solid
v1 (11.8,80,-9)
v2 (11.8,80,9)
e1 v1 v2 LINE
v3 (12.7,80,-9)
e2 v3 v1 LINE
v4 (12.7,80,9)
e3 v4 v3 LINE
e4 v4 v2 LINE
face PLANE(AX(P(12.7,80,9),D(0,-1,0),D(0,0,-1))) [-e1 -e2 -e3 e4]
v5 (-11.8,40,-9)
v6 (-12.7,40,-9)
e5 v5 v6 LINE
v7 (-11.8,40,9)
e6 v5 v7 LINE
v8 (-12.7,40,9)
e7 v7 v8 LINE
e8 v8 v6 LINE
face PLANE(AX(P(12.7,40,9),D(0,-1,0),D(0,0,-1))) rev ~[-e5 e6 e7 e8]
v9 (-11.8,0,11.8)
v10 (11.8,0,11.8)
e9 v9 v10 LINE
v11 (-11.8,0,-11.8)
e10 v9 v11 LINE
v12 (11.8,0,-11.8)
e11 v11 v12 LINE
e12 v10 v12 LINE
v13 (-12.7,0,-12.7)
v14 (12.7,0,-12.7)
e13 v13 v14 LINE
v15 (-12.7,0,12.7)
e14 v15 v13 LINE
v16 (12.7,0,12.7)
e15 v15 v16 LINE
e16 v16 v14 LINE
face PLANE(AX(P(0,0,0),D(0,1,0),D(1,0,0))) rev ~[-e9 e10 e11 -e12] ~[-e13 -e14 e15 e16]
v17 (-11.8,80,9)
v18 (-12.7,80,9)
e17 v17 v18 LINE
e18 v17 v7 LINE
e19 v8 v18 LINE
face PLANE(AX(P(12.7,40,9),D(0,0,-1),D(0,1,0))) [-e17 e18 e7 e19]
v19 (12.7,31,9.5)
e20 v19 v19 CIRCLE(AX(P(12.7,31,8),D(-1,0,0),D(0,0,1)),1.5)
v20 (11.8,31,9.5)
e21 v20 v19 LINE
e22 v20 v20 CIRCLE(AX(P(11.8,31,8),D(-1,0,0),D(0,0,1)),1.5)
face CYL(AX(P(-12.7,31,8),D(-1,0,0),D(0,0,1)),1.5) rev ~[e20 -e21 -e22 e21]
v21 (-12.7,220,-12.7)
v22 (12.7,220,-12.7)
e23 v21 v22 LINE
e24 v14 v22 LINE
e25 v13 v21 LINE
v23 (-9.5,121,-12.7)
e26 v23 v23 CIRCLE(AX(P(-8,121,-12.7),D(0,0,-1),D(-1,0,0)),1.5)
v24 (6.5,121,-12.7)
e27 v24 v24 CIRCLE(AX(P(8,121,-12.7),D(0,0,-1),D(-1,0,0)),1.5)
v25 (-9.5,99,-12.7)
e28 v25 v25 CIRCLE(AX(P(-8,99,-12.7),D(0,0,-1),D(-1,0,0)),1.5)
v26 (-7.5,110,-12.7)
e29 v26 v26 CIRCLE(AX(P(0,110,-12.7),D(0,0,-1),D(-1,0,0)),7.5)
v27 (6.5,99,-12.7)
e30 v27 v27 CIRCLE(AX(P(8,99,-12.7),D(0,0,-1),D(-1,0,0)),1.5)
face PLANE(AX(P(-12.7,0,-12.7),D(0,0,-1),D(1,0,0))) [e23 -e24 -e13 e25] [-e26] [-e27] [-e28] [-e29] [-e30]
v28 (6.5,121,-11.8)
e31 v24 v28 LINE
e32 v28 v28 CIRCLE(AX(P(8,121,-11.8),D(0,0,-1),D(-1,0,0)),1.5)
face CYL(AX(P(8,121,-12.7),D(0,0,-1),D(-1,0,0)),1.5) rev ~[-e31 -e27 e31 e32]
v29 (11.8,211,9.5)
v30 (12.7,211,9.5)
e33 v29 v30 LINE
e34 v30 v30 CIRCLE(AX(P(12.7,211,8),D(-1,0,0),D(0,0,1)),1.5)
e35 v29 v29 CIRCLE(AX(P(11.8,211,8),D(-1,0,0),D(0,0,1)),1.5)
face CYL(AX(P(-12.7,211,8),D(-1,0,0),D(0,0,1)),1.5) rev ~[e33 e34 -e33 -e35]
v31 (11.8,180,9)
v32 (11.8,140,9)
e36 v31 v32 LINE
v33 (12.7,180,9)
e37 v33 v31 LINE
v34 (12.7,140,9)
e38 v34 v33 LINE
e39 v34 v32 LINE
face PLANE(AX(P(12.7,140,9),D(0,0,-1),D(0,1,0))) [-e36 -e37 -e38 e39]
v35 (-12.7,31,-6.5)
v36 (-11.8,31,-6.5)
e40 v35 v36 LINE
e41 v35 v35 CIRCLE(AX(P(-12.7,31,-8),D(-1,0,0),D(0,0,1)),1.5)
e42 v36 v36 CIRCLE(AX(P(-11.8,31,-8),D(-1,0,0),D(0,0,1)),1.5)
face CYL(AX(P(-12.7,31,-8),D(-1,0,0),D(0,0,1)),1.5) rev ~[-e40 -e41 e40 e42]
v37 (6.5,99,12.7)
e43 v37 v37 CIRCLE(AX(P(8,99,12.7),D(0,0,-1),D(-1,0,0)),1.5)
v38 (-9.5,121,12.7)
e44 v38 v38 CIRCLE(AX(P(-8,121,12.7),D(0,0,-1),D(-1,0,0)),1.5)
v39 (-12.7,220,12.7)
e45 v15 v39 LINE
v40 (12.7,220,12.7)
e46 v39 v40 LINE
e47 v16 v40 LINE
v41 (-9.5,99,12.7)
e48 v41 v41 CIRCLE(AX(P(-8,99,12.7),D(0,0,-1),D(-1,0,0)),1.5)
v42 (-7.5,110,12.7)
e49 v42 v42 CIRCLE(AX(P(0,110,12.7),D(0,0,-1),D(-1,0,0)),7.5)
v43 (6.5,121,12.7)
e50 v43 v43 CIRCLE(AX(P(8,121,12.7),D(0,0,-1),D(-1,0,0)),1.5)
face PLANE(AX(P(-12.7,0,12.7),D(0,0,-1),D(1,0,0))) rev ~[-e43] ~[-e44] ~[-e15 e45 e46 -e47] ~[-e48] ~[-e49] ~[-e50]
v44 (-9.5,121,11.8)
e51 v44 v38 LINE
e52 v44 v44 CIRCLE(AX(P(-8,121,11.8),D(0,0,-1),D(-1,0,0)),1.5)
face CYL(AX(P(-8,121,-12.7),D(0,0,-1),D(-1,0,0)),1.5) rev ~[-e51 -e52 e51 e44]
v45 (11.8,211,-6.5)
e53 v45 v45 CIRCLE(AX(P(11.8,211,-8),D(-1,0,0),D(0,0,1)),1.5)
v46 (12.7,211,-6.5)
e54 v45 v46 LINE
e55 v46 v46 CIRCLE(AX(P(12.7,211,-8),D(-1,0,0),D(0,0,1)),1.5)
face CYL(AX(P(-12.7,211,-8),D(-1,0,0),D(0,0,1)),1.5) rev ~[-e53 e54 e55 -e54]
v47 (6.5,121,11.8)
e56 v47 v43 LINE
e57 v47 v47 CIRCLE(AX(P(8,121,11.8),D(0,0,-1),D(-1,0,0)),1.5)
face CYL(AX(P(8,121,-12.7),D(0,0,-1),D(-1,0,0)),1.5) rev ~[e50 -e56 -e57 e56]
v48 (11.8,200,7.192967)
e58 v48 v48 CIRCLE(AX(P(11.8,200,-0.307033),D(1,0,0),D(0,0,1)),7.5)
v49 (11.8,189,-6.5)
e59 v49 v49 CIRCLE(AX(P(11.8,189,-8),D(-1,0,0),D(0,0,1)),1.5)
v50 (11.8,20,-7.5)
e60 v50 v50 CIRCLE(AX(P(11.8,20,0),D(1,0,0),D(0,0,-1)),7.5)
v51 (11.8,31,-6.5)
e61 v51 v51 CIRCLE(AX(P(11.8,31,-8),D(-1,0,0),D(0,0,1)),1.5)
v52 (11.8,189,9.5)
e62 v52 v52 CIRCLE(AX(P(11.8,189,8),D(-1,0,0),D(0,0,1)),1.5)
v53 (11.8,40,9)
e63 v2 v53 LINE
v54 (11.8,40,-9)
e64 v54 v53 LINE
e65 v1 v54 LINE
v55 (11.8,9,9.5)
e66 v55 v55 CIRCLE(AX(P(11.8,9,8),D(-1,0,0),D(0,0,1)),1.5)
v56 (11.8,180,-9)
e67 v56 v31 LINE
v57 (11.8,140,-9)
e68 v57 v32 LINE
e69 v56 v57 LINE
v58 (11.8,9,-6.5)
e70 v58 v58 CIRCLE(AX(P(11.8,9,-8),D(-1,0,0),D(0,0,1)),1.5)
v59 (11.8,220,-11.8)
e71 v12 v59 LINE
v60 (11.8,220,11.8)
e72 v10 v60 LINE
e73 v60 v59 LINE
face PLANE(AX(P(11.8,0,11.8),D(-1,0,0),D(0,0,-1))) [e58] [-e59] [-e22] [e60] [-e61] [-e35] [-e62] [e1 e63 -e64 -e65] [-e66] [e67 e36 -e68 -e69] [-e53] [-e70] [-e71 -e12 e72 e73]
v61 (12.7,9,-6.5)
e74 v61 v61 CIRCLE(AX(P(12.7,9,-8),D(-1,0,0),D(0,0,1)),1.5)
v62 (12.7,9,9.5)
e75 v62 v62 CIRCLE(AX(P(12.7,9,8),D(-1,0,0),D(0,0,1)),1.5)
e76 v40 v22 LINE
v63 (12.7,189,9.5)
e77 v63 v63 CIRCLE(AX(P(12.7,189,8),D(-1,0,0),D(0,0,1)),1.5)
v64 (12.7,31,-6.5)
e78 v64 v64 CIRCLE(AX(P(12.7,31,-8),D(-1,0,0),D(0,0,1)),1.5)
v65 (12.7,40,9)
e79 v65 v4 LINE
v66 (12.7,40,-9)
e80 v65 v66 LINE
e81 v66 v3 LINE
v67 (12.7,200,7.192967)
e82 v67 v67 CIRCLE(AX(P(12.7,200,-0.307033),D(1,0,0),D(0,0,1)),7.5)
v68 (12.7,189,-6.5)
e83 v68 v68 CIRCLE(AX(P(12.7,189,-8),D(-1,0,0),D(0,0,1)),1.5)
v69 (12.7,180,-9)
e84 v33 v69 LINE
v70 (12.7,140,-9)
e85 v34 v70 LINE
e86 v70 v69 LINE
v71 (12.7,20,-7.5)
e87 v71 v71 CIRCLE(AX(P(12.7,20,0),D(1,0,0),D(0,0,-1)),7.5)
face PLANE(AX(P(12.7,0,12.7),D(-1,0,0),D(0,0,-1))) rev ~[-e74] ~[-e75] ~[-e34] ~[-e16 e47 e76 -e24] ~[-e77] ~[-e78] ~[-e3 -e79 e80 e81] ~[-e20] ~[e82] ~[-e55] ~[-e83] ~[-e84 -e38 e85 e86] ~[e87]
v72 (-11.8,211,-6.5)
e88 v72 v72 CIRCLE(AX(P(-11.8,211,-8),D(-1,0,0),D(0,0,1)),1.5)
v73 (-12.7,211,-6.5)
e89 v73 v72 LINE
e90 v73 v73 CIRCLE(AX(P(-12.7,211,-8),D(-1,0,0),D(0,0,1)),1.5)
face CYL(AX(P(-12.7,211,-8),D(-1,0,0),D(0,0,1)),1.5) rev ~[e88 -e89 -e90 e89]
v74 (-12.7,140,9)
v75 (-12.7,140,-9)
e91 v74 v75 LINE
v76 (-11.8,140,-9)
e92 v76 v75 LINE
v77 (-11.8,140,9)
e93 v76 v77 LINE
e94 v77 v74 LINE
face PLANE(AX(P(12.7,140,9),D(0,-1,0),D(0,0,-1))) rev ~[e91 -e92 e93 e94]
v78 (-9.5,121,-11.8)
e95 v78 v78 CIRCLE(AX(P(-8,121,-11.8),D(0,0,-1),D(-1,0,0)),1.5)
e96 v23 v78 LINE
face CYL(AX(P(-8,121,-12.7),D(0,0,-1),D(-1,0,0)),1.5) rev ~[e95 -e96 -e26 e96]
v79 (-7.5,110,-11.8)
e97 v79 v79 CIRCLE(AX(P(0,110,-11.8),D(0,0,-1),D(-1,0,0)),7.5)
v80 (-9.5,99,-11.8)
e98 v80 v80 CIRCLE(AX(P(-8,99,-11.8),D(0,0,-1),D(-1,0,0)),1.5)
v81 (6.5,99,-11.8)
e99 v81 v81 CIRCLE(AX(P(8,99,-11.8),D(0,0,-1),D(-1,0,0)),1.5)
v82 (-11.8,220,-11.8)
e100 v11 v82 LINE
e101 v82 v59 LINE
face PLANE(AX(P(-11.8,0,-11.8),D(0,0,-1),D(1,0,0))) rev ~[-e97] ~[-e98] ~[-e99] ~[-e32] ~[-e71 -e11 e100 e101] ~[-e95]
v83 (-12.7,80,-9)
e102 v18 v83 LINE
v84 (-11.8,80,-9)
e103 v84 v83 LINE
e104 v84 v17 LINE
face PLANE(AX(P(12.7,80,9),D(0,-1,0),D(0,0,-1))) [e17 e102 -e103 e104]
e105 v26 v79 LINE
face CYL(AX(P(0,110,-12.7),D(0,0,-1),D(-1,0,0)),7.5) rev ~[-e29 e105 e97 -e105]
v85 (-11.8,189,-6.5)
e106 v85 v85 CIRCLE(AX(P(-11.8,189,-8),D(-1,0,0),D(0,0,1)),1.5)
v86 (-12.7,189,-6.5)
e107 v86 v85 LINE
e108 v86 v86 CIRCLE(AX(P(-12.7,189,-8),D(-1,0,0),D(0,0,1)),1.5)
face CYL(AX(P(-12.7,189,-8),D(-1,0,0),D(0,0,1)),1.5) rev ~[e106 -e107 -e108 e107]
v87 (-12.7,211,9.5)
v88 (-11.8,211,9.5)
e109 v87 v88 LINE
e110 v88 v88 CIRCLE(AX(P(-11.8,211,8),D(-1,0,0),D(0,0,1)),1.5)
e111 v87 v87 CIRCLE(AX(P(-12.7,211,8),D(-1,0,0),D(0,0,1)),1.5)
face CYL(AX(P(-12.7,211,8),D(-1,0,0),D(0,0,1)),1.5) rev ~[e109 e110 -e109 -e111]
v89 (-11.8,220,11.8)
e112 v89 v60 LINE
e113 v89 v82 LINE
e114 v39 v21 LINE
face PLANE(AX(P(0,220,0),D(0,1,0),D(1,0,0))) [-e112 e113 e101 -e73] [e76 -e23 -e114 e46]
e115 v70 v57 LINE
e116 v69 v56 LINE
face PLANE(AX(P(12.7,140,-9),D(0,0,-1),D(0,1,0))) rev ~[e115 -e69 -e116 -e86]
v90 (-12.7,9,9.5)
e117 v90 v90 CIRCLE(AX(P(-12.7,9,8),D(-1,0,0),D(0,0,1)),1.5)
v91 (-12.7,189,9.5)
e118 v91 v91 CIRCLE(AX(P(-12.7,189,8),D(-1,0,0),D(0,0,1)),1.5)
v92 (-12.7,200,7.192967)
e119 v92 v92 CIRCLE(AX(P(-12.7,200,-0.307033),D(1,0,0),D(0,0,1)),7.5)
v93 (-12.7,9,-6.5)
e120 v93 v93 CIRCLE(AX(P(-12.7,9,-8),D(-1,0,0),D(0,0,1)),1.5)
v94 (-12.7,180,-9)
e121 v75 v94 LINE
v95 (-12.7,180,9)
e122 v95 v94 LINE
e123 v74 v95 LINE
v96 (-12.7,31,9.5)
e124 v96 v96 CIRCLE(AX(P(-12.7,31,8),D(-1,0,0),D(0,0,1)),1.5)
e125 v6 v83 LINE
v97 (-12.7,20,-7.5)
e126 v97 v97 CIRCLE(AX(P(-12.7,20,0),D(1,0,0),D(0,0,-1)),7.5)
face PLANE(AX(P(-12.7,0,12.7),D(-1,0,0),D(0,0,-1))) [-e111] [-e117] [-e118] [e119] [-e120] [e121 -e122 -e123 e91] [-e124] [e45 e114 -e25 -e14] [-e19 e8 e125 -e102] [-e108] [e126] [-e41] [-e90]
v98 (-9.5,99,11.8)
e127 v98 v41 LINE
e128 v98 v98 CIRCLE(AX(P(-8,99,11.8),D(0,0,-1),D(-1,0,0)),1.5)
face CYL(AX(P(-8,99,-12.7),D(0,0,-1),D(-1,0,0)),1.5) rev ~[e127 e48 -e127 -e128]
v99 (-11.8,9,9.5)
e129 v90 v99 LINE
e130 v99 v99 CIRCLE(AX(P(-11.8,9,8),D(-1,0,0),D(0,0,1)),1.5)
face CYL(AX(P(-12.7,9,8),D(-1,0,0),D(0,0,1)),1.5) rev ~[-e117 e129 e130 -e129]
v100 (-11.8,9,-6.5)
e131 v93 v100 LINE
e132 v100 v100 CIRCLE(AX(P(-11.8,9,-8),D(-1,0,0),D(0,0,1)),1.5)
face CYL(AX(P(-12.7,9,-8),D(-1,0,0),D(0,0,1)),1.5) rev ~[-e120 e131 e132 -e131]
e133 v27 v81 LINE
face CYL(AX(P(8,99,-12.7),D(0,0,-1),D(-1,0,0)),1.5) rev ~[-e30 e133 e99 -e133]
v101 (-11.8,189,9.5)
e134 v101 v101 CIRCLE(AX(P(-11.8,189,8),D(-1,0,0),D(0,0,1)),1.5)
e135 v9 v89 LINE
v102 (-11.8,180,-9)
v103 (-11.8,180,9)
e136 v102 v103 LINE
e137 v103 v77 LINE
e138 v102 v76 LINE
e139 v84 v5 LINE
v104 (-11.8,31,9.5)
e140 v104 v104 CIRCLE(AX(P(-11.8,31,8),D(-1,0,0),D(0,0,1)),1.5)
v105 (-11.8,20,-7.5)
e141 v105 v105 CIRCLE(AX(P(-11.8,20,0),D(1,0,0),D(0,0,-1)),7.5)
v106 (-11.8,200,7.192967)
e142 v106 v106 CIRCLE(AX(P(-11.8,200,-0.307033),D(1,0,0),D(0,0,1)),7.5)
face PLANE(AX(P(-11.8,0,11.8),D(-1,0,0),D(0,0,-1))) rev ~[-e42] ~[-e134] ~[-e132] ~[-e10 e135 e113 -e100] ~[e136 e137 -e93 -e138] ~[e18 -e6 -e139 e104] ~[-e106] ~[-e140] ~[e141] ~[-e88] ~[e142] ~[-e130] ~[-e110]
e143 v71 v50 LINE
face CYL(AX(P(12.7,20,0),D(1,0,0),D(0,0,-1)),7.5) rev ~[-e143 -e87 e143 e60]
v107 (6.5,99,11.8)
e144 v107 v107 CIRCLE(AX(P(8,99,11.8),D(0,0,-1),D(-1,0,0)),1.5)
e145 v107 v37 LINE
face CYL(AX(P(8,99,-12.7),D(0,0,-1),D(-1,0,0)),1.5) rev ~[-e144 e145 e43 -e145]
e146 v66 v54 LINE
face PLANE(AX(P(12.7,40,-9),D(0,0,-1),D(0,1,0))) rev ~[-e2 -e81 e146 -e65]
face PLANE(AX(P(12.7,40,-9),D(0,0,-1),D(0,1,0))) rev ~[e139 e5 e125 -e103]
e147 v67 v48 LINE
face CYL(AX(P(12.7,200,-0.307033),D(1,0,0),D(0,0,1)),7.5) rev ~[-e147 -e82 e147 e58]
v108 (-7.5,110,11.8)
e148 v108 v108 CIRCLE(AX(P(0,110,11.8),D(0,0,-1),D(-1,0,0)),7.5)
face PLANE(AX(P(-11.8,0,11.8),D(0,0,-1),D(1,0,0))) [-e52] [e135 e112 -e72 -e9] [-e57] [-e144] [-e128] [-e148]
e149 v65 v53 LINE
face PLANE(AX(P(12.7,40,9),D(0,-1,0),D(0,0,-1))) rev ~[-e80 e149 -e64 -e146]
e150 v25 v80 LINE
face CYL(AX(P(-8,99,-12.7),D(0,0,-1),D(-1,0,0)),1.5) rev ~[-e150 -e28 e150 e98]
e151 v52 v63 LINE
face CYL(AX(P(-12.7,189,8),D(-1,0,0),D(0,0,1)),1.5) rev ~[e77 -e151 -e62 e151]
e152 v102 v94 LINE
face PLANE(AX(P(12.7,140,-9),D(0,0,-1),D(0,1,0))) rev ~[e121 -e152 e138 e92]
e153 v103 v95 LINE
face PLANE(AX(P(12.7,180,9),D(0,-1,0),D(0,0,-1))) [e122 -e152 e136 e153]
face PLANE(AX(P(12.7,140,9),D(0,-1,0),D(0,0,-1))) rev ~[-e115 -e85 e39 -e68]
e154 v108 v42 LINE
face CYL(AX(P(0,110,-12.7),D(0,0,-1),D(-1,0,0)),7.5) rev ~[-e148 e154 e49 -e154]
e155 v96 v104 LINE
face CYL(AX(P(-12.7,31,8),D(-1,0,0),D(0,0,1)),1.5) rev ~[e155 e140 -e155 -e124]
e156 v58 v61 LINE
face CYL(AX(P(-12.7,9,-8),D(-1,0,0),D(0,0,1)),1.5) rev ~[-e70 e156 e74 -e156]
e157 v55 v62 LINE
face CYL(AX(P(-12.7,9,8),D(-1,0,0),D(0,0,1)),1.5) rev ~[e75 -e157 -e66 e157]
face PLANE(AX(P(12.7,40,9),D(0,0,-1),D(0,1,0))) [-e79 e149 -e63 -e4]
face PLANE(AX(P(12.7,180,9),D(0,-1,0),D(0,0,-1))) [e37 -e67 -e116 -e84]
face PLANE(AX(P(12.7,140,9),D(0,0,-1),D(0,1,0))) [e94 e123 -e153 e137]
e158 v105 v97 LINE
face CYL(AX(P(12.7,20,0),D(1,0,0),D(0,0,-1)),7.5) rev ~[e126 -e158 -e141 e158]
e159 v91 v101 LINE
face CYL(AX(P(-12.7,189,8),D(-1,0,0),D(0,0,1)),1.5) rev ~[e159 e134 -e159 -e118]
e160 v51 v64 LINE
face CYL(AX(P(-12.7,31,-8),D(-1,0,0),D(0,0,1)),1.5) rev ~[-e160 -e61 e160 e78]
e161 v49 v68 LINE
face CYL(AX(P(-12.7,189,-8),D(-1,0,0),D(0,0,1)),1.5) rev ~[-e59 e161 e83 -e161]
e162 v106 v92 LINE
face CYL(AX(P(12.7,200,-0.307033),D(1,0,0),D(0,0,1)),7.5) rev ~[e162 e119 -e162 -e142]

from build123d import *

# Parameters (mm, degrees)
SKETCH1_W           = 25.4
SKETCH1_H           = 25.4
SKETCH1_W_2         = 23.6
SKETCH1_H_2         = 23.6
BOSS_EXTRUDE1_DEPTH = 220
SKETCH2_R           = 7.5
CUT_EXTRUDE1_DEPTH  = 25.4
SKETCH3_R           = 7.5
SKETCH3_W           = 18
SKETCH3_H           = 40
CUT_EXTRUDE2_DEPTH  = 25.4
SKETCH5_R           = 1.5
CUT_EXTRUDE4_DEPTH  = 25.4
SKETCH4_R           = 1.5
CUT_EXTRUDE5_DEPTH  = 25.4


with BuildPart() as part:
    # Sketch1 → Boss-Extrude1 (new body)
    with BuildSketch(Plane(origin=(0, 0, 0), x_dir=(1, 0, 0), z_dir=(0, 1, 0))):
        Rectangle(SKETCH1_W, SKETCH1_H)
        Rectangle(SKETCH1_W_2, SKETCH1_H_2, mode=Mode.SUBTRACT)
    extrude(amount=BOSS_EXTRUDE1_DEPTH)

    # Sketch2 → Cut-Extrude1 (cut)
    with BuildSketch(Plane(origin=(0, 0, -12.7), x_dir=(-1, 0, 0), z_dir=(0, 0, -1))):
        with Locations((0, 110)):
            Circle(SKETCH2_R)
    extrude(amount=-CUT_EXTRUDE1_DEPTH, mode=Mode.SUBTRACT)

    # Sketch3 → Cut-Extrude2 (cut)
    with BuildSketch(Plane(origin=(12.7, 0, 0), x_dir=(0, 0, -1), z_dir=(1, 0, 0))):
        with Locations((0, 20)):
            Circle(SKETCH3_R)
        with Locations(Location((0.307032613, 200, 0), (0, 0, 180))):
            Circle(SKETCH3_R)
        with Locations((0, 60)):
            Rectangle(SKETCH3_W, SKETCH3_H)
        with Locations((0, 160)):
            Rectangle(SKETCH3_W, SKETCH3_H)
    extrude(amount=-CUT_EXTRUDE2_DEPTH, mode=Mode.SUBTRACT)

    # Sketch5 → Cut-Extrude4 (cut)
    with BuildSketch(Plane(origin=(0, 0, -12.7), x_dir=(-1, 0, 0), z_dir=(0, 0, -1))):
        with Locations((8, 99)):
            Circle(SKETCH5_R)
        with Locations((8, 121)):
            Circle(SKETCH5_R)
        with Locations((-8, 121)):
            Circle(SKETCH5_R)
        with Locations((-8, 99)):
            Circle(SKETCH5_R)
    extrude(amount=-CUT_EXTRUDE4_DEPTH, mode=Mode.SUBTRACT)

    # Sketch4 → Cut-Extrude5 (cut)
    with BuildSketch(Plane.ZY.offset(12.7)):
        with Locations((8, 9)):
            Circle(SKETCH4_R)
        with Locations((8, 31)):
            Circle(SKETCH4_R)
        with Locations((-8, 9)):
            Circle(SKETCH4_R)
        with Locations((-8, 31)):
            Circle(SKETCH4_R)
        with Locations((8, 211)):
            Circle(SKETCH4_R)
        with Locations((-8, 211)):
            Circle(SKETCH4_R)
        with Locations((8, 189)):
            Circle(SKETCH4_R)
        with Locations((-8, 189)):
            Circle(SKETCH4_R)
    extrude(amount=-CUT_EXTRUDE5_DEPTH, mode=Mode.SUBTRACT)


solid = part.part
